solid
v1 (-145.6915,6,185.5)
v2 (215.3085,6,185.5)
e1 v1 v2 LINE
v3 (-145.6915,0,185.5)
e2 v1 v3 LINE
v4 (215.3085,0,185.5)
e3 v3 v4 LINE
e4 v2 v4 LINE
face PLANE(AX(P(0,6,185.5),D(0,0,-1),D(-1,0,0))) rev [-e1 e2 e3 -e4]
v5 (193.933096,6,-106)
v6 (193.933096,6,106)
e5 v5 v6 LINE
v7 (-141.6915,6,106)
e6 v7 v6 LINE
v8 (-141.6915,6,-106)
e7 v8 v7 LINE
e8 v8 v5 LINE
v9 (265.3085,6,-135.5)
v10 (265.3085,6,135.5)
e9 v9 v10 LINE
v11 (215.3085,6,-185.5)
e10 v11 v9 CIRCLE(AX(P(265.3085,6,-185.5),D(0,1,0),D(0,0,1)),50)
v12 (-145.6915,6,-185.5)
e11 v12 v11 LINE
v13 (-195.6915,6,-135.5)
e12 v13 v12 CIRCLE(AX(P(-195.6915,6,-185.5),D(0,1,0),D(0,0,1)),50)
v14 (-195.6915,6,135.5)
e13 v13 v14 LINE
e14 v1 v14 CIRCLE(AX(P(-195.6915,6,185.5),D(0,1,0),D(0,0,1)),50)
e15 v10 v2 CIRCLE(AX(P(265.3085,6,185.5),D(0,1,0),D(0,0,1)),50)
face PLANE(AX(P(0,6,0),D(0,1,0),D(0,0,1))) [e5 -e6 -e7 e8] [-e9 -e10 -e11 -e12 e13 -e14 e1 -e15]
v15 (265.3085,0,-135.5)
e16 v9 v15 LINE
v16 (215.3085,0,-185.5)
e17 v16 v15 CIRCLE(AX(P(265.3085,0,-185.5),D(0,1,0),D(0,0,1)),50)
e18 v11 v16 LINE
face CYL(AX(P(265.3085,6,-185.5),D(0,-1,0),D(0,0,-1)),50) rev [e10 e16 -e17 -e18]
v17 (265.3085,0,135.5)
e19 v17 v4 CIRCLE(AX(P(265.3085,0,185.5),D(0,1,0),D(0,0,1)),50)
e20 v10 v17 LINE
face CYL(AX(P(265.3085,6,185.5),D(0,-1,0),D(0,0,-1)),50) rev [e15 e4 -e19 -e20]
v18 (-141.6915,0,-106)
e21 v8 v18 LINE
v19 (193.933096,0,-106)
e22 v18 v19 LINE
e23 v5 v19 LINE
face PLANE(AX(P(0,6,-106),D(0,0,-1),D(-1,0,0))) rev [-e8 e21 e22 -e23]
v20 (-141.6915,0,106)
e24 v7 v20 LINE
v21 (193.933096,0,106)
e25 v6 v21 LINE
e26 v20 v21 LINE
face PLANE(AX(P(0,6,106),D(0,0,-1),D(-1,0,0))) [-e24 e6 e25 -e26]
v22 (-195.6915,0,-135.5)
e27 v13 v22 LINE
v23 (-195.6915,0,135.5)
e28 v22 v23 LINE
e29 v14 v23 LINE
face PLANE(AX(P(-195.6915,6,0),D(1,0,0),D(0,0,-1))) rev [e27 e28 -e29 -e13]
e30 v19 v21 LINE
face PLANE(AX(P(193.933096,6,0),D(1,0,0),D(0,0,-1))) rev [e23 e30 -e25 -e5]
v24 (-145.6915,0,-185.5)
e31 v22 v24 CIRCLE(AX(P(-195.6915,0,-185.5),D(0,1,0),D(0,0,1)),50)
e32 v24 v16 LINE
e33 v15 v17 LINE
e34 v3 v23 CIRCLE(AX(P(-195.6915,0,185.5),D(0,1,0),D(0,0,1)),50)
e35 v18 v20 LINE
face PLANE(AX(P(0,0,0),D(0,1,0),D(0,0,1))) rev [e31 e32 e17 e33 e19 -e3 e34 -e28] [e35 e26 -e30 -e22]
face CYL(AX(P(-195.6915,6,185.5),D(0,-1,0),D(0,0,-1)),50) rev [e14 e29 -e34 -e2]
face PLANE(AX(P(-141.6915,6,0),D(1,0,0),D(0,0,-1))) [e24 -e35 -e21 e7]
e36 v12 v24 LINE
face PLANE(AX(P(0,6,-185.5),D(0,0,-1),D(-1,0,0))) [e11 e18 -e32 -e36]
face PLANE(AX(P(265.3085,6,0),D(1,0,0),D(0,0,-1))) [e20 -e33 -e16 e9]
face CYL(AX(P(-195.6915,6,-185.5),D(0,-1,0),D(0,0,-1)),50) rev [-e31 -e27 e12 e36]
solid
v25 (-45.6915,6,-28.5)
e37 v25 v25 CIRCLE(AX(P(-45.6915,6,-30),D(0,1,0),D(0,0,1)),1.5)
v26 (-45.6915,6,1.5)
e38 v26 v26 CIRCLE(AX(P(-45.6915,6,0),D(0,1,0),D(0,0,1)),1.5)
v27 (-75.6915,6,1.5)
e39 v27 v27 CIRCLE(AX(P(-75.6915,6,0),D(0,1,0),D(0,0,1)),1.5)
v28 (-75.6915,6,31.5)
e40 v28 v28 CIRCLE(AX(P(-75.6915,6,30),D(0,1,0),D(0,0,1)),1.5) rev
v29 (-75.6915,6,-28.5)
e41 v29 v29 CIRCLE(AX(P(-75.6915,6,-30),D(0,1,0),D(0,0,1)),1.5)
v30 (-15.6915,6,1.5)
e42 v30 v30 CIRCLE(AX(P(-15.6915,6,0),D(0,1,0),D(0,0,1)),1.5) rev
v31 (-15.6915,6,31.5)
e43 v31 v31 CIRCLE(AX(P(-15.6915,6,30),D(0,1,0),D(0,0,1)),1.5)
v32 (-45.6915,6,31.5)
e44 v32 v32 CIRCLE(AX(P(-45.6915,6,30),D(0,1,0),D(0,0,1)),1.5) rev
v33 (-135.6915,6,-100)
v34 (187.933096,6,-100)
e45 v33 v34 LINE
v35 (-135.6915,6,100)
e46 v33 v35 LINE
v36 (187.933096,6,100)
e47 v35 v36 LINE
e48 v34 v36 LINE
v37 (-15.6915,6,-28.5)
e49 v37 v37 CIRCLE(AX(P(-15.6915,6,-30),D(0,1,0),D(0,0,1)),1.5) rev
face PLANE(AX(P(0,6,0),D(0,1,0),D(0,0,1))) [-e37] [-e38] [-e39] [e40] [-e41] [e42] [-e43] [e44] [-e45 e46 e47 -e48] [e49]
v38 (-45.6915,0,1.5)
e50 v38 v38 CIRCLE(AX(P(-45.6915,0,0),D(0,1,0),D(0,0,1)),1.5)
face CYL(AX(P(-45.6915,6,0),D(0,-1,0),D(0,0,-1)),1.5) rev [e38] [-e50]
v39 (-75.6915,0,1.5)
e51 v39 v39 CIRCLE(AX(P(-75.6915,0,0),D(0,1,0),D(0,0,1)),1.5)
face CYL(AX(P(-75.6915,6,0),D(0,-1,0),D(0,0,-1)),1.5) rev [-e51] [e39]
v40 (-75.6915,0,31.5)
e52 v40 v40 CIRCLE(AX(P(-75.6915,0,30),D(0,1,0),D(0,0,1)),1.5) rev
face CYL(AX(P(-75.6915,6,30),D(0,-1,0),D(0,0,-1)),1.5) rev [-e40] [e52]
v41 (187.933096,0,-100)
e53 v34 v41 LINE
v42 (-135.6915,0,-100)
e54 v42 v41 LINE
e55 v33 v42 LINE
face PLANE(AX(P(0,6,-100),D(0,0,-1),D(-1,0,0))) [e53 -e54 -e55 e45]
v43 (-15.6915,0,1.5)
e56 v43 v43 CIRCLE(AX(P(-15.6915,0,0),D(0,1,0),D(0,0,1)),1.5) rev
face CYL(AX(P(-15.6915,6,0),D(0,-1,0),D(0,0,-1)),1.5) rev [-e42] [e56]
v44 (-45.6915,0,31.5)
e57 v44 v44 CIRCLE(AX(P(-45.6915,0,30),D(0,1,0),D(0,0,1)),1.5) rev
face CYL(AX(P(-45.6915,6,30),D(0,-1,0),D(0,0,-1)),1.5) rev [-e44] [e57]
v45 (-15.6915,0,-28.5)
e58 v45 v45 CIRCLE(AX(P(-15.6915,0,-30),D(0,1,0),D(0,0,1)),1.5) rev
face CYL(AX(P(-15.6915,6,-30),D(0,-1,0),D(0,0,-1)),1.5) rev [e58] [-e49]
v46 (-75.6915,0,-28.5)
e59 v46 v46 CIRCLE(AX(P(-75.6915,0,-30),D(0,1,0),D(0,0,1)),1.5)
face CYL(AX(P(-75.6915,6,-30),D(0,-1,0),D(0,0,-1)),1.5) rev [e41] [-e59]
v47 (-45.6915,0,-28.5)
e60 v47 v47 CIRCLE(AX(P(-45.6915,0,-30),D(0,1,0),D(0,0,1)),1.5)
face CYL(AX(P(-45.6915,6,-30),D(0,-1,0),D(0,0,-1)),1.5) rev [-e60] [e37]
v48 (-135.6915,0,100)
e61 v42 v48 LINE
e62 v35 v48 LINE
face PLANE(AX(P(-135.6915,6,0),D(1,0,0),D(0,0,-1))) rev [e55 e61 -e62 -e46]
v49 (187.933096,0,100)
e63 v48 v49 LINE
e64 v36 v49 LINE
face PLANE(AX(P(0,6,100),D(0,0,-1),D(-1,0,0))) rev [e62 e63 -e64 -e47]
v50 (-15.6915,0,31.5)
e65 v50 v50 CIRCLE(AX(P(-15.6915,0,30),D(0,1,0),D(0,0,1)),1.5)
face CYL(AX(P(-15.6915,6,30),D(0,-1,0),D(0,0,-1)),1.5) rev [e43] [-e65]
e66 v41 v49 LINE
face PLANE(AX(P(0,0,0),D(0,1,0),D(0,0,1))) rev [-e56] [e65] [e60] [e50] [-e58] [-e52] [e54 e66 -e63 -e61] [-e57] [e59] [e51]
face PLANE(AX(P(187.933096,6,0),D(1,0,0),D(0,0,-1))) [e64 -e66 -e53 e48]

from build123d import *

# Parameters (mm, degrees)
SKETCH_1_W        = 335.624595469
SKETCH_1_H        = 212
EXTRUDE_1_DEPTH   = 6
SKETCH_1_W_2      = 323.624595469
SKETCH_1_H_2      = 200
SKETCH_1_R        = 1.5
EXTRUDE_1_2_DEPTH = 6


with BuildPart() as part:
    # 草图1 → 凸台-拉伸1 (new body)
    with BuildSketch(Plane(origin=(0, 0, 0), x_dir=(1, 0, 0), z_dir=(0, 1, 0))):
        with BuildLine():
            ThreePointArc((-145.691499512, -185.5), (-160.336160453, -150.144660941), (-195.691499512, -135.5))
            Line((-195.691499512, -135.5), (-195.691499512, 135.5))
            ThreePointArc((-195.691499512, 135.5), (-160.336160453, 150.144660941), (-145.691499512, 185.5))
            Line((-145.691499512, 185.5), (215.308500488, 185.5))
            ThreePointArc((215.308500488, 185.5), (229.953161429, 150.144660941), (265.308500488, 135.5))
            Line((265.308500488, 135.5), (265.308500488, -135.5))
            ThreePointArc((265.308500488, -135.5), (229.953161429, -150.144660941), (215.308500488, -185.5))
            Line((215.308500488, -185.5), (-145.691499512, -185.5))
        make_face()
        with Locations((26.120798222, 0)):
            Rectangle(SKETCH_1_W, SKETCH_1_H, mode=Mode.SUBTRACT)
    extrude(amount=EXTRUDE_1_DEPTH)


with BuildPart() as body_2:
    # 草图1 → Extrude 1 2 (new body)
    with BuildSketch(Plane(origin=(0, 0, 0), x_dir=(1, 0, 0), z_dir=(0, 1, 0))):
        with Locations((26.120798222, 0)):
            Rectangle(SKETCH_1_W_2, SKETCH_1_H_2)
        with Locations(Location((-15.691499512, 0, 0), (0, 0, 270))):
            Circle(SKETCH_1_R, mode=Mode.SUBTRACT)
        with Locations(Location((-15.691499512, -30, 0), (0, 0, 270))):
            Circle(SKETCH_1_R, mode=Mode.SUBTRACT)
        with Locations(Location((-45.691499512, -30, 0), (0, 0, 270))):
            Circle(SKETCH_1_R, mode=Mode.SUBTRACT)
        with Locations(Location((-45.691499512, 0, 0), (0, 0, 270))):
            Circle(SKETCH_1_R, mode=Mode.SUBTRACT)
        with Locations(Location((-45.691499512, 30, 0), (0, 0, 270))):
            Circle(SKETCH_1_R, mode=Mode.SUBTRACT)
        with Locations(Location((-75.691499512, 30, 0), (0, 0, 270))):
            Circle(SKETCH_1_R, mode=Mode.SUBTRACT)
        with Locations(Location((-75.691499512, 0, 0), (0, 0, 270))):
            Circle(SKETCH_1_R, mode=Mode.SUBTRACT)
        with Locations(Location((-75.691499512, -30, 0), (0, 0, 270))):
            Circle(SKETCH_1_R, mode=Mode.SUBTRACT)
        with Locations(Location((-15.691499512, 30, 0), (0, 0, 270))):
            Circle(SKETCH_1_R, mode=Mode.SUBTRACT)
    extrude(amount=EXTRUDE_1_2_DEPTH)


solid = Compound([part.part, body_2.part])
